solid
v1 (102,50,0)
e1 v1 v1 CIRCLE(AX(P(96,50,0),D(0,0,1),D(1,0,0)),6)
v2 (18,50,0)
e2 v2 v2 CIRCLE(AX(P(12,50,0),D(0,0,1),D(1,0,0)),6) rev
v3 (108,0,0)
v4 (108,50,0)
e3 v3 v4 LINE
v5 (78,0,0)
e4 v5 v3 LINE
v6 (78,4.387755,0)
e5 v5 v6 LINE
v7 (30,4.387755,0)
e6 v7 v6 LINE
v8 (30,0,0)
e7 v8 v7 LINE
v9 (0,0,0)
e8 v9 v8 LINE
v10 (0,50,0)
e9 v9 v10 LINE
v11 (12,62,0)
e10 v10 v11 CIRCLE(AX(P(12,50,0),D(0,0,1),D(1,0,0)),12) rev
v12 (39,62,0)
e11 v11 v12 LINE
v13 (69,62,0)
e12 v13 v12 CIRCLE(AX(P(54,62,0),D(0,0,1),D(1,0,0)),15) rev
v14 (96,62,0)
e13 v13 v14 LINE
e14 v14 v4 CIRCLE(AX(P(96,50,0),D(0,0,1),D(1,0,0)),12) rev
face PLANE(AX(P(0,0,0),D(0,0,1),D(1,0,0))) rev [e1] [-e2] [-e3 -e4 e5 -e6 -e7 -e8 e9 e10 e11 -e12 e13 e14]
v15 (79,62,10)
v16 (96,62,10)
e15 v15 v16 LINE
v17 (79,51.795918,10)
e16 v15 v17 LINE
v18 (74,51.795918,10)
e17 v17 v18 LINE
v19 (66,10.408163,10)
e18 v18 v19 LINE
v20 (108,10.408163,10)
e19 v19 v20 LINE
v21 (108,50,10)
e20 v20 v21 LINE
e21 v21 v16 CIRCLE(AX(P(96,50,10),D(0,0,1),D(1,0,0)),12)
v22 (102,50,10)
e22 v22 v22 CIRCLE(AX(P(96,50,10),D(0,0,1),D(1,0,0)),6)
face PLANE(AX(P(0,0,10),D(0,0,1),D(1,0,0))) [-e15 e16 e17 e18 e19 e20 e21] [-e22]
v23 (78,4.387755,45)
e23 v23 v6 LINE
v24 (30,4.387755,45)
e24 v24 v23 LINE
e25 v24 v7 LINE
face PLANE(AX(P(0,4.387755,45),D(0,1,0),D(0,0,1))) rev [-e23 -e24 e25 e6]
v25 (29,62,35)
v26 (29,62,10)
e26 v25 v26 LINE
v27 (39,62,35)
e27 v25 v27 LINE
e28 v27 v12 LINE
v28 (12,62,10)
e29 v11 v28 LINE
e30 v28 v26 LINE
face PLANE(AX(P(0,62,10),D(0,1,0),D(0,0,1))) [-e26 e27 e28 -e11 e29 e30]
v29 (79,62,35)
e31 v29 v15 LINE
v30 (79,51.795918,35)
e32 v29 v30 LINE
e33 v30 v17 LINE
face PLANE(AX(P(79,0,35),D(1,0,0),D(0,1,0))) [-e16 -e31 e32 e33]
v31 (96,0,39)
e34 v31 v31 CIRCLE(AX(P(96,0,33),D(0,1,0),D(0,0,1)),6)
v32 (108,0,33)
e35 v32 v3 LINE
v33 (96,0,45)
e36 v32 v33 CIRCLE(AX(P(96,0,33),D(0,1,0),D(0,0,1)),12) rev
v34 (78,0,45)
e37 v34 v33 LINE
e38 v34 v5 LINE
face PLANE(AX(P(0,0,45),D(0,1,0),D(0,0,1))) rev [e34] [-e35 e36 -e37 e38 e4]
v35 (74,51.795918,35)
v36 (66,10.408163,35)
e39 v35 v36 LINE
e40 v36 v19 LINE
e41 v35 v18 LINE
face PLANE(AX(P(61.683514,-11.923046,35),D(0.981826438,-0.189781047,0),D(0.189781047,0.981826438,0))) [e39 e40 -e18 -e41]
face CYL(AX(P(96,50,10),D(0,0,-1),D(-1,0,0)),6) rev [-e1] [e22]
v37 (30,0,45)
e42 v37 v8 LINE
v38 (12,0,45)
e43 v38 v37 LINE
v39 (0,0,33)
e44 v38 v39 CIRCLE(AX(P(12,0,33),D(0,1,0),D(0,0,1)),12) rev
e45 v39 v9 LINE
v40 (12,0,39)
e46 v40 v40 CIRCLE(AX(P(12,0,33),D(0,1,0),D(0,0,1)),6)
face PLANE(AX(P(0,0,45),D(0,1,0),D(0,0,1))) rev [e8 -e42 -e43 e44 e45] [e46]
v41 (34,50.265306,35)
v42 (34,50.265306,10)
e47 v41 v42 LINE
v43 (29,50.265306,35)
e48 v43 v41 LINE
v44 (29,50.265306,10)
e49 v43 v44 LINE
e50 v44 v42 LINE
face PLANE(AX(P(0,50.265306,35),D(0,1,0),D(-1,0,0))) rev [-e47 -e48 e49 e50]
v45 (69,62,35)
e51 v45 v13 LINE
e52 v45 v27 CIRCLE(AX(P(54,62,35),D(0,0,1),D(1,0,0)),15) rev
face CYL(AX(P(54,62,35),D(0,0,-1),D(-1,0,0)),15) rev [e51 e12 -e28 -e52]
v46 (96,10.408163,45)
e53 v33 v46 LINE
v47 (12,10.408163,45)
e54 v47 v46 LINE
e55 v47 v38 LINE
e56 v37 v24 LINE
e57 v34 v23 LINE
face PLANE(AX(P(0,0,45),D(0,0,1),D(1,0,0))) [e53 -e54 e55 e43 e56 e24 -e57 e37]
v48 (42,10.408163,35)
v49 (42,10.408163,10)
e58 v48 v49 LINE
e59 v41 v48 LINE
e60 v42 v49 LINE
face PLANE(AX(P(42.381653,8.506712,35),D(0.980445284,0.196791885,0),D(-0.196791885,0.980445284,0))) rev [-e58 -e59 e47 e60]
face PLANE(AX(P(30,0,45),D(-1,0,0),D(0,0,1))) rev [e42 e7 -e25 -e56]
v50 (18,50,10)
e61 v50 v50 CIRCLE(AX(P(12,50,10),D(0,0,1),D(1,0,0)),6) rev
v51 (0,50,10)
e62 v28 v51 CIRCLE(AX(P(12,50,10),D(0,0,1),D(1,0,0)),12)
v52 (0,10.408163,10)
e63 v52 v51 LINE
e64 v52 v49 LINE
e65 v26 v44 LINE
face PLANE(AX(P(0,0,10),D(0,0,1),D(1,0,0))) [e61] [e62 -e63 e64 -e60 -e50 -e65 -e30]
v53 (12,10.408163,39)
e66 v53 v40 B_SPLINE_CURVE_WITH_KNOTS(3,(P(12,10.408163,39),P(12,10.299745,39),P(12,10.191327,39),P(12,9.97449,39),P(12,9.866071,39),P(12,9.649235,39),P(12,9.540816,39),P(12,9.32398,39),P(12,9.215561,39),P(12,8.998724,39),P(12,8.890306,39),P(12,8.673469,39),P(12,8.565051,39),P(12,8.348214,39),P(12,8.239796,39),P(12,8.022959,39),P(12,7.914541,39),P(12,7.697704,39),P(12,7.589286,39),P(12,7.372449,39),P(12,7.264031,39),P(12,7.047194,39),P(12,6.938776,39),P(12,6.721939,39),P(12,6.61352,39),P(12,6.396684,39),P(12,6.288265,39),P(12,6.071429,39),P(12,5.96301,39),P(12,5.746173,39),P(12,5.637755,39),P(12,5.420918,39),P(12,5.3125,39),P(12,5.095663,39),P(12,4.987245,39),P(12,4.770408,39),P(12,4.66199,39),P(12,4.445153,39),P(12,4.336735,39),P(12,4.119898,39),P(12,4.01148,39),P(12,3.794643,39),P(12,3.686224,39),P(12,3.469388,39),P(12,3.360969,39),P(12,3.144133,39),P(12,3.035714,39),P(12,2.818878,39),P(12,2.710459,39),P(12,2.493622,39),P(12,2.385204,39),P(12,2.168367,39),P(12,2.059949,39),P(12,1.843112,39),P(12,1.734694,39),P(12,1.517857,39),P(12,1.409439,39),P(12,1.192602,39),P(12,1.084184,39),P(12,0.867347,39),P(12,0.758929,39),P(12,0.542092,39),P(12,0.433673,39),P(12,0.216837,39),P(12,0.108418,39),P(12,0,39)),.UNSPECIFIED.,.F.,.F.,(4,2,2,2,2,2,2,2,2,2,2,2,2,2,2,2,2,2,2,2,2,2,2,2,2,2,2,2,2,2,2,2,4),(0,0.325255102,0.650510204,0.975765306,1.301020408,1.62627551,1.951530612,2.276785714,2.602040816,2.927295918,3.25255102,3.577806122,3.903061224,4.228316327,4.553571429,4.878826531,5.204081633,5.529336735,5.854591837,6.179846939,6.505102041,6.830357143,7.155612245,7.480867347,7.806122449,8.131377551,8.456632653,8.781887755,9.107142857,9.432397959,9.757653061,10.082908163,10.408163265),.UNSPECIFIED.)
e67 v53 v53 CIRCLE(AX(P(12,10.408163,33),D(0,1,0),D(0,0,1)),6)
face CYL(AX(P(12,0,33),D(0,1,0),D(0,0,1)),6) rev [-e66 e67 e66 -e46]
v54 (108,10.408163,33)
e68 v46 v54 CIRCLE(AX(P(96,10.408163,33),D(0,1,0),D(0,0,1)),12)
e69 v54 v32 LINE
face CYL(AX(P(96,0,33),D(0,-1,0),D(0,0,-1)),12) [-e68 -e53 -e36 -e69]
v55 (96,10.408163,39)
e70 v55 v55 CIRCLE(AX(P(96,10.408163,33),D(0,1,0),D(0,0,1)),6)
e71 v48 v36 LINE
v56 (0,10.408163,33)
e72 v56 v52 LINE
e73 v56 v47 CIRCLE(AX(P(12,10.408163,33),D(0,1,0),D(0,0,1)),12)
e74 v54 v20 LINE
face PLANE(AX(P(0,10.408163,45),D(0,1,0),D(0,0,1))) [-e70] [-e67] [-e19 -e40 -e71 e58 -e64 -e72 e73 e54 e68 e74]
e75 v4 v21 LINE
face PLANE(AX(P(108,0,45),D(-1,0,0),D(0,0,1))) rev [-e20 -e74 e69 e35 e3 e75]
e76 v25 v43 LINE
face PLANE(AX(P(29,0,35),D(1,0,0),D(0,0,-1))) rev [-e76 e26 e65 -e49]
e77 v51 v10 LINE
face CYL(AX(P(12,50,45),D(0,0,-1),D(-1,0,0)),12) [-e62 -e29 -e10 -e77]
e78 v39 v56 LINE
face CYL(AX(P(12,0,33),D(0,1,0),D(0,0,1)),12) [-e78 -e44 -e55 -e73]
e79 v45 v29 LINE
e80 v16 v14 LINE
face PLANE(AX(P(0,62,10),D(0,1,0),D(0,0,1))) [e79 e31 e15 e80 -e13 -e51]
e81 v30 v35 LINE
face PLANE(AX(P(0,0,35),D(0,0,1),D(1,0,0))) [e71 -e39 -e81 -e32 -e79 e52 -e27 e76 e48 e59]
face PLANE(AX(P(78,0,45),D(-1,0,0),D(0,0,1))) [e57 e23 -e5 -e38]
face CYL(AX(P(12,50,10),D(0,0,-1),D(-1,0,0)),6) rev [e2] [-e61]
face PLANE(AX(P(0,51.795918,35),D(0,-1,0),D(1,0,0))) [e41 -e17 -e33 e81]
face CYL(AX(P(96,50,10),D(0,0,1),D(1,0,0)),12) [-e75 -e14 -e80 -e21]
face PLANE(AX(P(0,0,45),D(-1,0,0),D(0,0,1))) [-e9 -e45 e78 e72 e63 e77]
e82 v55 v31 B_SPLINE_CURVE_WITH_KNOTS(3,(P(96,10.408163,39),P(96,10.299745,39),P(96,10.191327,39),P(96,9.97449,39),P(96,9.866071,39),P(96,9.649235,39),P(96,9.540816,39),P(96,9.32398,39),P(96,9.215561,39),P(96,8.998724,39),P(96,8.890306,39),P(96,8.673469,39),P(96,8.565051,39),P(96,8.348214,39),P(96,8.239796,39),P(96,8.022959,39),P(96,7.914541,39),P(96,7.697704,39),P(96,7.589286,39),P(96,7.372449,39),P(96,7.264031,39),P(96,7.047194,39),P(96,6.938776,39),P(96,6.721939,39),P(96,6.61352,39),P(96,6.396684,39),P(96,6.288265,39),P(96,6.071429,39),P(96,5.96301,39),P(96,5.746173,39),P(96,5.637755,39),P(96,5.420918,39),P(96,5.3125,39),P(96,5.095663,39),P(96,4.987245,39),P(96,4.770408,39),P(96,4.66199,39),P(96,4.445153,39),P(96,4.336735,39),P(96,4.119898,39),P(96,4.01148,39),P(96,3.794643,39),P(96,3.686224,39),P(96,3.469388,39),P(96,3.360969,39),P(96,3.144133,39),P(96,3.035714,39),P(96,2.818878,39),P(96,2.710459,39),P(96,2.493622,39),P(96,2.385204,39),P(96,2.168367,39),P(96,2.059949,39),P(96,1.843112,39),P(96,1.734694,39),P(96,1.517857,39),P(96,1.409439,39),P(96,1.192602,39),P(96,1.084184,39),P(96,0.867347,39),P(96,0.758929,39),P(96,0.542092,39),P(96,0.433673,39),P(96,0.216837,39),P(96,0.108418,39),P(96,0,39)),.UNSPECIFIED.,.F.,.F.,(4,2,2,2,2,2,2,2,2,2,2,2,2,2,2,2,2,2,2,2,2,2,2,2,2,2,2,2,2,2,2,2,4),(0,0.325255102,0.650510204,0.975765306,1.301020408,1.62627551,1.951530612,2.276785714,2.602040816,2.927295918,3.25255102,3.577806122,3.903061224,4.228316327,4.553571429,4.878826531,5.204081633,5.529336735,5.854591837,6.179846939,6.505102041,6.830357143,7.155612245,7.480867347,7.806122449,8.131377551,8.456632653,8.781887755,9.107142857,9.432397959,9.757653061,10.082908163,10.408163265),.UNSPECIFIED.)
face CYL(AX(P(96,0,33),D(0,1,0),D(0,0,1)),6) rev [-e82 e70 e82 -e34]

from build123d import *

# Parameters (mm, degrees)
BOSS_EXTRUDE1_DEPTH     = 45
SKETCH1_3_R             = 6
BOSS_EXTRUDE2_DEPTH     = 10
BOSS_EXTRUDE3_DEPTH     = 35
FILLET1_R               = 12
FILLET2_R               = 12
FILLET3_R               = 12
CUT_EXTRUDE1_DEPTH      = 128.869924602
CUT_EXTRUDE1_DEPTH_BACK = 128.869924602
SKETCH2_R               = 6


with BuildPart() as part:
    # Sketch1 → Boss-Extrude1 (new body)
    with BuildSketch(Plane.XY):
        Polygon((0, 10.408163265), (0, 0), (30, 0), (30, 4.387755102), (78, 4.387755102), (78, 0), (108, 0), (108, 10.408163265), align=None)
    extrude(amount=BOSS_EXTRUDE1_DEPTH)

    # Sketch1<3> → Boss-Extrude2 (add)
    # profile 1 of 2: a face of its own
    with BuildSketch(Plane.XY):
        Polygon((0, 62), (0, 10.408163265), (42, 10.408163265), (34, 50.265306122), (29, 50.265306122), (29, 62), align=None)
        with Locations((12, 50)):
            Circle(SKETCH1_3_R, mode=Mode.SUBTRACT)
    # profile 2 of 2: a face of its own
    with BuildSketch(Plane.XY):
        Polygon((74, 51.795918367), (66, 10.408163265), (108, 10.408163265), (108, 62), (79, 62), (79, 51.795918367), align=None)
        with Locations((96, 50)):
            Circle(SKETCH1_3_R, mode=Mode.SUBTRACT)
    extrude(amount=BOSS_EXTRUDE2_DEPTH)

    # Sketch1<4> → Boss-Extrude3 (add)
    with BuildSketch(Plane.XY):
        with BuildLine():
            Line((34, 50.265306122), (42, 10.408163265))
            Line((42, 10.408163265), (66, 10.408163265))
            Line((66, 10.408163265), (74, 51.795918367))
            Line((74, 51.795918367), (79, 51.795918367))
            Line((79, 51.795918367), (79, 62))
            Line((79, 62), (69, 62))
            ThreePointArc((69, 62), (54, 47), (39, 62))
            Line((39, 62), (29, 62))
            Line((29, 62), (29, 50.265306122))
            Line((29, 50.265306122), (34, 50.265306122))
        make_face()
    extrude(amount=BOSS_EXTRUDE3_DEPTH)

    # Fillet1
    fillet1_edges = [part.edges().sort_by_distance(p)[0] for p in [
        (0, 62, 5),
    ]]
    fillet(fillet1_edges, radius=FILLET1_R)

    # Fillet2
    fillet2_edges = [part.edges().sort_by_distance(p)[0] for p in [
        (108, 62, 5),
    ]]
    fillet(fillet2_edges, radius=FILLET2_R)

    # Fillet3
    fillet3_edges = [part.edges().sort_by_distance(p)[0] for p in [
        (108, 5.204081633, 45),
        (0, 5.204081633, 45),
    ]]
    fillet(fillet3_edges, radius=FILLET3_R)

    # Sketch2 → Cut-Extrude1 (cut, two sides: drawn at the far end of the back side and taken through both)
    with BuildSketch(Plane(origin=(0, 10.408163265, 0), x_dir=(1, 0, 0), z_dir=(0, 1, 0)).offset(-CUT_EXTRUDE1_DEPTH_BACK)):
        with Locations((12, -33)):
            Circle(SKETCH2_R)
        with Locations((96, -33)):
            Circle(SKETCH2_R)
    extrude(amount=CUT_EXTRUDE1_DEPTH + CUT_EXTRUDE1_DEPTH_BACK, mode=Mode.SUBTRACT)


solid = part.part
